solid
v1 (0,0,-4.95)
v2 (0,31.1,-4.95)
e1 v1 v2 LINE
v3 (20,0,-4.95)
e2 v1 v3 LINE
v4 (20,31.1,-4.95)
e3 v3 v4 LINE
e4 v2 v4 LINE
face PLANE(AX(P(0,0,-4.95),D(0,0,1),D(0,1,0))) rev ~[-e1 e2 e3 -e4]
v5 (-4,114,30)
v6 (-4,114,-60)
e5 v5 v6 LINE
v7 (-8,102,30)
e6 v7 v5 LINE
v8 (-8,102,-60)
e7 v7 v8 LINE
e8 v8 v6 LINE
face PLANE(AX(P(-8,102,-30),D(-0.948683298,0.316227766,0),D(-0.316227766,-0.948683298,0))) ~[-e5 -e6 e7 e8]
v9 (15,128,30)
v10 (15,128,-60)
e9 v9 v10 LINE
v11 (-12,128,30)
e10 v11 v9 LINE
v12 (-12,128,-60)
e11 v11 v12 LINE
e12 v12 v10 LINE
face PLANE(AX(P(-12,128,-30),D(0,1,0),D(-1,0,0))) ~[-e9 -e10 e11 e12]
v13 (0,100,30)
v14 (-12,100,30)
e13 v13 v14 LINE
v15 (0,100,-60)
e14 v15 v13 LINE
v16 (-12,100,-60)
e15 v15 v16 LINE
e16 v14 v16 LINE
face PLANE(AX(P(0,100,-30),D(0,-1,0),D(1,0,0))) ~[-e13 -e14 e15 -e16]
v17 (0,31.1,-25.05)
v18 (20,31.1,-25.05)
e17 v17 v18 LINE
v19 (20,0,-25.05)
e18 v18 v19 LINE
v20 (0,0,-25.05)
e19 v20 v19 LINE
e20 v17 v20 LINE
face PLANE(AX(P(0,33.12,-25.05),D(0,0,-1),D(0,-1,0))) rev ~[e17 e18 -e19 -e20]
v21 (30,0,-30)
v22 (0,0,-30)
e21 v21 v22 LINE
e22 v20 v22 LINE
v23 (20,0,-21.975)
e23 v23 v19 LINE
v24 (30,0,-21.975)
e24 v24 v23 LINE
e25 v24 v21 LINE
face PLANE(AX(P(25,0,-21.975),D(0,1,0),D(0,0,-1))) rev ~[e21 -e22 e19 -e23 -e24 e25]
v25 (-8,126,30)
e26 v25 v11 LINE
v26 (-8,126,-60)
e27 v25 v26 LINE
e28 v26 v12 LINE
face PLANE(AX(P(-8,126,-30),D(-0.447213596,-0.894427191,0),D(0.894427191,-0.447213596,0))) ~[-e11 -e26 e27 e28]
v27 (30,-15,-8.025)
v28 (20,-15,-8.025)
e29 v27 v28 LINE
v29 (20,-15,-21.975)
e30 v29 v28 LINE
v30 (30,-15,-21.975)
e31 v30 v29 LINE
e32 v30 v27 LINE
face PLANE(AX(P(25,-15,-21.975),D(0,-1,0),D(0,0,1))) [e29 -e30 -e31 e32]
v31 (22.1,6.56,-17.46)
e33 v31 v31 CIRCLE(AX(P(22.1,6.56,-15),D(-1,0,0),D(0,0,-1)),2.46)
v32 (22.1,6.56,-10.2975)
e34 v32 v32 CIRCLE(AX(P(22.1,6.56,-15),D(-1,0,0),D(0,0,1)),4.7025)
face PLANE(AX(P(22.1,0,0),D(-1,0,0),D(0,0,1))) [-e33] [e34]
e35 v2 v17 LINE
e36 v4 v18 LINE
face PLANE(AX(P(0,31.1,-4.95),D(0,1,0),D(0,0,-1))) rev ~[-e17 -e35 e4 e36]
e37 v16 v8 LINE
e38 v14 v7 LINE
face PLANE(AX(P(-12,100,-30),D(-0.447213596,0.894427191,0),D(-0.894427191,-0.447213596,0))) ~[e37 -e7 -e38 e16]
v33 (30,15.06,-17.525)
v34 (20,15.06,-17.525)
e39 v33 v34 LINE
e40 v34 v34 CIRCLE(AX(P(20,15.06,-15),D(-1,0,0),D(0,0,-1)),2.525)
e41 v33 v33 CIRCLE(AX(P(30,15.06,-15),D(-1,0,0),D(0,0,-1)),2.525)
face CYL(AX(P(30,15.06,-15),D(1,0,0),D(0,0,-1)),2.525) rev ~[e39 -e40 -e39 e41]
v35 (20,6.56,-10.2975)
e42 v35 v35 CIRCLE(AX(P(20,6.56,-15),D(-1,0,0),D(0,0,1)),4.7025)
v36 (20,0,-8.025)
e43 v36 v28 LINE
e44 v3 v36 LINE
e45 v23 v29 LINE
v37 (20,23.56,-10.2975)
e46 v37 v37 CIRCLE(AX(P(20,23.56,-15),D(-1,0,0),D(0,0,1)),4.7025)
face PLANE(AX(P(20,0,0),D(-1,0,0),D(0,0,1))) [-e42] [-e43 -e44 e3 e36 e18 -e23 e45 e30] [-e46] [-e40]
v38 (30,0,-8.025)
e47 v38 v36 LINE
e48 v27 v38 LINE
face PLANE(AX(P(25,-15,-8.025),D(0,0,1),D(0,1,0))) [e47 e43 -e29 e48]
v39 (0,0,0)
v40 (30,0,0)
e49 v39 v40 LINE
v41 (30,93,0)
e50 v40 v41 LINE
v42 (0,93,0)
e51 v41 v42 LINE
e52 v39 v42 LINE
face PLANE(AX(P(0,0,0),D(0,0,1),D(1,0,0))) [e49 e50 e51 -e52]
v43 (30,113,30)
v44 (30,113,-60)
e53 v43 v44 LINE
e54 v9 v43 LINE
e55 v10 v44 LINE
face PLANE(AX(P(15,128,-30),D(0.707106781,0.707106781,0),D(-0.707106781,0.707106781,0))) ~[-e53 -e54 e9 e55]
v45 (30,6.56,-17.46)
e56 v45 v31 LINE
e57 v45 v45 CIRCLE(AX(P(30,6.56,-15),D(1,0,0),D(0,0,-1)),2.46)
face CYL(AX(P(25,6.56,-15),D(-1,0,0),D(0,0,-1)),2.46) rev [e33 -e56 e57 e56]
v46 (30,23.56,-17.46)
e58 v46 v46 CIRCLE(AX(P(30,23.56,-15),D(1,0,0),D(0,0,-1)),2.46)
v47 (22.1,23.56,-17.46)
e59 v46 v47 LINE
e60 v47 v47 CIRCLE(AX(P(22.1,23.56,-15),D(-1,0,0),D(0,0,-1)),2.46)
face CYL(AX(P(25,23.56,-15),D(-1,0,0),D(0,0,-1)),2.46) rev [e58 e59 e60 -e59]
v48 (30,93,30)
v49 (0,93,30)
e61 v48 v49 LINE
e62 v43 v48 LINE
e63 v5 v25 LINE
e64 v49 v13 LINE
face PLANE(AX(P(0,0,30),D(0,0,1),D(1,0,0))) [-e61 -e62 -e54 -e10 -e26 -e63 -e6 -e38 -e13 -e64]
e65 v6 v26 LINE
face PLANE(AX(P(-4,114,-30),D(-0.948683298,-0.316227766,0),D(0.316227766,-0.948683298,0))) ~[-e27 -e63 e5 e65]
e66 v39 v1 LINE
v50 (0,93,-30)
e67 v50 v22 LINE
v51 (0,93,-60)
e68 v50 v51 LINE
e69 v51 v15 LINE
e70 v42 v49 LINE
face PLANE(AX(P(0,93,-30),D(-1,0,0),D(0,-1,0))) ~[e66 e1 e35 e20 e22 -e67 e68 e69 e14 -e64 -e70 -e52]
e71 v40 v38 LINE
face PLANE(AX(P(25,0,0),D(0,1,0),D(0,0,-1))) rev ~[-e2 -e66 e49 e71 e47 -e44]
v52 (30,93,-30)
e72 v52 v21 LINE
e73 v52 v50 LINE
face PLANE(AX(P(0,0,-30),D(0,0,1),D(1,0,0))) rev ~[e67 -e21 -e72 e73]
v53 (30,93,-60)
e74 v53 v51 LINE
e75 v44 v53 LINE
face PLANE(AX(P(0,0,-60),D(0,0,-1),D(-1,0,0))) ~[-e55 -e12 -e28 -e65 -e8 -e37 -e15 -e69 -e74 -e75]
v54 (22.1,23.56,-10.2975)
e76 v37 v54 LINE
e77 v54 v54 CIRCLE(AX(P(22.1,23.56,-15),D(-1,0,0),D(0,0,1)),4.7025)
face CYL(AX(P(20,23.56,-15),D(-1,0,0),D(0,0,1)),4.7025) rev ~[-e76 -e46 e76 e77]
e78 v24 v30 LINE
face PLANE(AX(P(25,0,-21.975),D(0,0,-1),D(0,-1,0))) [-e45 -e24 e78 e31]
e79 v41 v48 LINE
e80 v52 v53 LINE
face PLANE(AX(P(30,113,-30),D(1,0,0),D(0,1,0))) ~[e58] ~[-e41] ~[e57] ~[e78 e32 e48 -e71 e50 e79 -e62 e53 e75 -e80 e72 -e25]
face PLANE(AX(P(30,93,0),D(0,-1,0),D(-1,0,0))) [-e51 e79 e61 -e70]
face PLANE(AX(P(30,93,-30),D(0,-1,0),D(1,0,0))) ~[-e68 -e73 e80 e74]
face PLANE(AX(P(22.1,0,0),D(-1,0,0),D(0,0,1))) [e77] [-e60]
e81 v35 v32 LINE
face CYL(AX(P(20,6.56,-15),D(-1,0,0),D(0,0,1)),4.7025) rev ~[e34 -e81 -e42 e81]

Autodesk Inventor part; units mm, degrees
ref_plane "YZ Plane" through (0, 0, 0) normal (1, 0, 0) x (0, 1, 0)
ref_plane "XZ Plane" through (0, 0, 0) normal (0, 1, 0) x (-1, 0, 0)
sketch "Sketch1" plane through (0, 0, 0) normal (0, 0, 1) x (1, 0, 0)
  line L0 (0, 0) -> (25, 0)
  line L1 (25, 0) -> (25, 40)
  line L2 (25, 40) -> (0, 40)
  line L3 (0, 40) -> (0, 0)
  dimension "d1" = 25
  dimension "d2" = 40
  dimension "d3" = 25
extrude "Extrusion1" add sketch "Sketch1" against normal blind 30
sketch "Sketch2" plane through (25, 0, 0) normal (1, 0, 0) x (0, 0, -1)
  line L0 (0, 0) -> (30, 0) projected
  circle A0 centre (15, 6.56) radius 2.46
extrude "Extrusion2" cut sketch "Sketch2" against normal blind 30
sketch "Sketch3" plane through (0, 0, 0) normal (-1, 0, 0) x (0, 0, 1)
  line L0 (0, 0) -> (-30, 0) projected
  line L1 (-25.05, 0) -> (-4.95, 0)
  line L2 (-4.95, 0) -> (-4.95, 33.12)
  line L3 (-4.95, 33.12) -> (-25.05, 33.12)
  line L4 (-25.05, 33.12) -> (-25.05, 0)
  dimension "d11" = 20.1
extrude "Extrusion3" cut sketch "Sketch3" against normal blind 20
sketch "Sketch4" plane through (0, 0, 0) normal (0, -1, 0) x (1, 0, 0)
  line L0 (20, -4.95) -> (20, -25.05) projected
  line L1 (20, -15) -> (25, -15)
  line L2 (25, 0) -> (25, -30) projected
  line L3 (20, -8.025) -> (25, -8.025)
  line L4 (25, -8.025) -> (25, -21.975)
  line L5 (25, -21.975) -> (20, -21.975)
  line L6 (20, -21.975) -> (20, -8.025)
  line L7 (20, -8.025) -> (25, -21.975) construction
  line L8 (25, -8.025) -> (20, -21.975) construction
  line L9 (25, -12.54) -> (25, -17.46) projected
  point P0 (0, 0)
  point P1 (22.5, -15)
  dimension "d14" = 13.95
extrude "Extrusion4" add sketch "Sketch4" along normal blind 15
sketch "Sketch5" plane through (20, 0, 0) normal (-1, 0, 0) x (0, 0, 1)
  circle A0 centre (-15, 6.56) radius 2.46 projected
  circle A1 centre (-15, 6.56) radius 4.7025
  circle A2 centre (-15, 6.56) radius 2.46 projected
  circle A3 centre (-15, 6.56) radius 2.46
  point P0 (0, 0)
  dimension "d17" = 9.405
extrude "Extrusion5" cut sketch "Sketch5" against normal blind 2.1
sketch "Sketch6" plane through (25, 0, 0) normal (1, 0, 0) x (0, 0, -1)
  circle A0 centre (15, 6.56) radius 4.7025 projected
  line L0 (15, 6.56) -> (15, 23.56)
  circle A1 centre (15, 23.56) radius 2.46
  point P0 (0, 0)
  dimension "d20" = 17
  dimension "d21" = 4.92
extrude "Extrusion6" cut sketch "Sketch6" against normal blind 10 contours A1
sketch "Sketch7" plane through (20, 0, 0) normal (-1, 0, 0) x (0, 0, 1)
  circle A0 centre (-15, 23.56) radius 2.46 projected
  circle A1 centre (-15, 23.56) radius 4.7025
  point P0 (0, 0)
  dimension "d24" = 9.405
extrude "Extrusion7" cut sketch "Sketch7" against normal blind 2.1
sketch "Sketch9" plane through (25, 0, 0) normal (1, 0, 0) x (0, 0, -1)
  circle A0 centre (15, 6.56) radius 2.46 projected
  circle A1 centre (15, 6.56) radius 2.46
  circle A2 centre (15, 23.56) radius 2.46 projected
  circle A3 centre (15, 23.56) radius 2.46
  line L0 (30, 40) -> (30, 0) projected
  line L1 (30, 0) -> (30, 40)
  line L2 (30, 40) -> (0, 40)
  line L3 (0, 40) -> (0, 0)
  line L4 (0, 0) -> (8.025, 0) projected
  line L5 (21.975, 0) -> (21.975, -15)
  line L6 (21.975, -15) -> (8.025, -15)
  line L7 (8.025, -15) -> (8.025, 0)
  line L8 (0, 0) -> (8.025, 0)
  line L9 (21.975, 0) -> (30, 0)
extrude "Extrusion8" add sketch "Sketch9" along normal blind 5
sketch "Sketch10" plane through (0, 40, 0) normal (0, 1, 0) x (1, 0, 0)
  line L0 (0, 30) -> (30, 30) projected
  line L1 (30, 0) -> (0, 0) projected
  line L2 (0, 30) -> (30, 30)
  line L3 (30, 30) -> (30, 0)
  line L4 (30, 0) -> (0, 0)
  line L5 (0, 0) -> (0, 30)
extrude "Extrusion9" add sketch "Sketch10" along normal blind 30
sketch "Sketch12" plane through (30, 0, 0) normal (1, 0, 0) x (0, 0, -1)
  circle A0 centre (15, 6.56) radius 2.46 projected
  line L0 (15, 6.56) -> (15, 15.06)
  circle A1 centre (15, 15.06) radius 2.525
  point P0 (0, 0)
  dimension "d31" = 8.5
  dimension "d33" = 5.05
extrude "Extrusion10" cut sketch "Sketch12" against normal blind 30 contours A1
sketch "Sketch14" plane through (0, 0, 0) normal (0, 0, 1) x (1, 0, 0)
  line L0 (30, 70) -> (0, 70) projected
  line L1 (0, 70) -> (0, 85)
  line L2 (30, 0) -> (30, 70) projected
  line L3 (30, 113) -> (30, 70)
  line L4 (30, 105) -> (30, 100)
  line L5 (-12, 128) -> (15, 128)
  line L6 (-8, 126) -> (-12, 128)
  line L7 (-8, 126) -> (-4, 114)
  line L8 (-8, 102) -> (-12, 100)
  line L9 (-8, 102) -> (-4, 114)
  line L10 (30, 113) -> (15, 128)
  line L11 (0, 100) -> (-12, 100)
  line L12 (0, 100) -> (0, 85)
  point P0 (0, 0)
  dimension "d69" = 28
  dimension "d74" = 12
extrude "Extrusion12" add sketch "Sketch14" against normal blind 30
sketch "Sketch15" plane through (0, 0, -25.05) normal (-1, 0, 0) x (0, 0, 1)
  line L0 (0, 33.12) -> (20.1, 33.12) projected
  line L1 (20.1, 33.12) -> (20.1, 0) projected
  line L2 (0, 33.12) -> (20.1, 33.12)
  line L3 (20.1, 33.12) -> (20.1, 31.1)
  line L4 (20.1, 31.1) -> (0, 31.1)
  line L5 (0, 31.1) -> (0, 33.12)
  point P0 (25.05, 0)
  dimension "d57" = 2.02
extrude "Extrusion13" add sketch "Sketch15" against normal blind 20
sketch "Sketch21" plane through (0, 0, 0) normal (0, 0, 1) x (1, 0, 0)
  line L0 (0, 100) -> (-12, 100) projected
  line L1 (0, 100) -> (-12, 100)
  line L2 (-12, 100) -> (-8, 102) projected
  line L3 (-12, 100) -> (-8, 102)
  line L4 (-8, 102) -> (-4, 114) projected
  line L5 (-8, 102) -> (-4, 114)
  line L6 (-4, 114) -> (-8, 126) projected
  line L7 (-4, 114) -> (-8, 126)
  line L8 (-8, 126) -> (-12, 128) projected
  line L9 (-8, 126) -> (-12, 128)
  line L10 (-12, 128) -> (15, 128) projected
  line L11 (-12, 128) -> (15, 128)
  line L12 (15, 128) -> (30, 113) projected
  line L13 (15, 128) -> (30, 113)
  line L14 (30, 113) -> (30, 93)
  line L15 (30, 0) -> (30, 113) projected
  line L16 (30, 93) -> (0, 93)
  line L17 (0, 93) -> (0, 100)
  point P0 (0, 0)
  dimension "d75" = 20
  dimension "d76" = 30
extrude "Extrusion14" add sketch "Sketch21" along normal blind 30
ref_plane "Work Plane1" through (0, 0, -15) normal (0, 0, 1) x (1, 0, 0)
mirror "Mirror1" about plane through (0, 0, -15) normal (0, 0, 1) of "Extrusion14"
properties part number "rec_b_24mm_x_90mm"
